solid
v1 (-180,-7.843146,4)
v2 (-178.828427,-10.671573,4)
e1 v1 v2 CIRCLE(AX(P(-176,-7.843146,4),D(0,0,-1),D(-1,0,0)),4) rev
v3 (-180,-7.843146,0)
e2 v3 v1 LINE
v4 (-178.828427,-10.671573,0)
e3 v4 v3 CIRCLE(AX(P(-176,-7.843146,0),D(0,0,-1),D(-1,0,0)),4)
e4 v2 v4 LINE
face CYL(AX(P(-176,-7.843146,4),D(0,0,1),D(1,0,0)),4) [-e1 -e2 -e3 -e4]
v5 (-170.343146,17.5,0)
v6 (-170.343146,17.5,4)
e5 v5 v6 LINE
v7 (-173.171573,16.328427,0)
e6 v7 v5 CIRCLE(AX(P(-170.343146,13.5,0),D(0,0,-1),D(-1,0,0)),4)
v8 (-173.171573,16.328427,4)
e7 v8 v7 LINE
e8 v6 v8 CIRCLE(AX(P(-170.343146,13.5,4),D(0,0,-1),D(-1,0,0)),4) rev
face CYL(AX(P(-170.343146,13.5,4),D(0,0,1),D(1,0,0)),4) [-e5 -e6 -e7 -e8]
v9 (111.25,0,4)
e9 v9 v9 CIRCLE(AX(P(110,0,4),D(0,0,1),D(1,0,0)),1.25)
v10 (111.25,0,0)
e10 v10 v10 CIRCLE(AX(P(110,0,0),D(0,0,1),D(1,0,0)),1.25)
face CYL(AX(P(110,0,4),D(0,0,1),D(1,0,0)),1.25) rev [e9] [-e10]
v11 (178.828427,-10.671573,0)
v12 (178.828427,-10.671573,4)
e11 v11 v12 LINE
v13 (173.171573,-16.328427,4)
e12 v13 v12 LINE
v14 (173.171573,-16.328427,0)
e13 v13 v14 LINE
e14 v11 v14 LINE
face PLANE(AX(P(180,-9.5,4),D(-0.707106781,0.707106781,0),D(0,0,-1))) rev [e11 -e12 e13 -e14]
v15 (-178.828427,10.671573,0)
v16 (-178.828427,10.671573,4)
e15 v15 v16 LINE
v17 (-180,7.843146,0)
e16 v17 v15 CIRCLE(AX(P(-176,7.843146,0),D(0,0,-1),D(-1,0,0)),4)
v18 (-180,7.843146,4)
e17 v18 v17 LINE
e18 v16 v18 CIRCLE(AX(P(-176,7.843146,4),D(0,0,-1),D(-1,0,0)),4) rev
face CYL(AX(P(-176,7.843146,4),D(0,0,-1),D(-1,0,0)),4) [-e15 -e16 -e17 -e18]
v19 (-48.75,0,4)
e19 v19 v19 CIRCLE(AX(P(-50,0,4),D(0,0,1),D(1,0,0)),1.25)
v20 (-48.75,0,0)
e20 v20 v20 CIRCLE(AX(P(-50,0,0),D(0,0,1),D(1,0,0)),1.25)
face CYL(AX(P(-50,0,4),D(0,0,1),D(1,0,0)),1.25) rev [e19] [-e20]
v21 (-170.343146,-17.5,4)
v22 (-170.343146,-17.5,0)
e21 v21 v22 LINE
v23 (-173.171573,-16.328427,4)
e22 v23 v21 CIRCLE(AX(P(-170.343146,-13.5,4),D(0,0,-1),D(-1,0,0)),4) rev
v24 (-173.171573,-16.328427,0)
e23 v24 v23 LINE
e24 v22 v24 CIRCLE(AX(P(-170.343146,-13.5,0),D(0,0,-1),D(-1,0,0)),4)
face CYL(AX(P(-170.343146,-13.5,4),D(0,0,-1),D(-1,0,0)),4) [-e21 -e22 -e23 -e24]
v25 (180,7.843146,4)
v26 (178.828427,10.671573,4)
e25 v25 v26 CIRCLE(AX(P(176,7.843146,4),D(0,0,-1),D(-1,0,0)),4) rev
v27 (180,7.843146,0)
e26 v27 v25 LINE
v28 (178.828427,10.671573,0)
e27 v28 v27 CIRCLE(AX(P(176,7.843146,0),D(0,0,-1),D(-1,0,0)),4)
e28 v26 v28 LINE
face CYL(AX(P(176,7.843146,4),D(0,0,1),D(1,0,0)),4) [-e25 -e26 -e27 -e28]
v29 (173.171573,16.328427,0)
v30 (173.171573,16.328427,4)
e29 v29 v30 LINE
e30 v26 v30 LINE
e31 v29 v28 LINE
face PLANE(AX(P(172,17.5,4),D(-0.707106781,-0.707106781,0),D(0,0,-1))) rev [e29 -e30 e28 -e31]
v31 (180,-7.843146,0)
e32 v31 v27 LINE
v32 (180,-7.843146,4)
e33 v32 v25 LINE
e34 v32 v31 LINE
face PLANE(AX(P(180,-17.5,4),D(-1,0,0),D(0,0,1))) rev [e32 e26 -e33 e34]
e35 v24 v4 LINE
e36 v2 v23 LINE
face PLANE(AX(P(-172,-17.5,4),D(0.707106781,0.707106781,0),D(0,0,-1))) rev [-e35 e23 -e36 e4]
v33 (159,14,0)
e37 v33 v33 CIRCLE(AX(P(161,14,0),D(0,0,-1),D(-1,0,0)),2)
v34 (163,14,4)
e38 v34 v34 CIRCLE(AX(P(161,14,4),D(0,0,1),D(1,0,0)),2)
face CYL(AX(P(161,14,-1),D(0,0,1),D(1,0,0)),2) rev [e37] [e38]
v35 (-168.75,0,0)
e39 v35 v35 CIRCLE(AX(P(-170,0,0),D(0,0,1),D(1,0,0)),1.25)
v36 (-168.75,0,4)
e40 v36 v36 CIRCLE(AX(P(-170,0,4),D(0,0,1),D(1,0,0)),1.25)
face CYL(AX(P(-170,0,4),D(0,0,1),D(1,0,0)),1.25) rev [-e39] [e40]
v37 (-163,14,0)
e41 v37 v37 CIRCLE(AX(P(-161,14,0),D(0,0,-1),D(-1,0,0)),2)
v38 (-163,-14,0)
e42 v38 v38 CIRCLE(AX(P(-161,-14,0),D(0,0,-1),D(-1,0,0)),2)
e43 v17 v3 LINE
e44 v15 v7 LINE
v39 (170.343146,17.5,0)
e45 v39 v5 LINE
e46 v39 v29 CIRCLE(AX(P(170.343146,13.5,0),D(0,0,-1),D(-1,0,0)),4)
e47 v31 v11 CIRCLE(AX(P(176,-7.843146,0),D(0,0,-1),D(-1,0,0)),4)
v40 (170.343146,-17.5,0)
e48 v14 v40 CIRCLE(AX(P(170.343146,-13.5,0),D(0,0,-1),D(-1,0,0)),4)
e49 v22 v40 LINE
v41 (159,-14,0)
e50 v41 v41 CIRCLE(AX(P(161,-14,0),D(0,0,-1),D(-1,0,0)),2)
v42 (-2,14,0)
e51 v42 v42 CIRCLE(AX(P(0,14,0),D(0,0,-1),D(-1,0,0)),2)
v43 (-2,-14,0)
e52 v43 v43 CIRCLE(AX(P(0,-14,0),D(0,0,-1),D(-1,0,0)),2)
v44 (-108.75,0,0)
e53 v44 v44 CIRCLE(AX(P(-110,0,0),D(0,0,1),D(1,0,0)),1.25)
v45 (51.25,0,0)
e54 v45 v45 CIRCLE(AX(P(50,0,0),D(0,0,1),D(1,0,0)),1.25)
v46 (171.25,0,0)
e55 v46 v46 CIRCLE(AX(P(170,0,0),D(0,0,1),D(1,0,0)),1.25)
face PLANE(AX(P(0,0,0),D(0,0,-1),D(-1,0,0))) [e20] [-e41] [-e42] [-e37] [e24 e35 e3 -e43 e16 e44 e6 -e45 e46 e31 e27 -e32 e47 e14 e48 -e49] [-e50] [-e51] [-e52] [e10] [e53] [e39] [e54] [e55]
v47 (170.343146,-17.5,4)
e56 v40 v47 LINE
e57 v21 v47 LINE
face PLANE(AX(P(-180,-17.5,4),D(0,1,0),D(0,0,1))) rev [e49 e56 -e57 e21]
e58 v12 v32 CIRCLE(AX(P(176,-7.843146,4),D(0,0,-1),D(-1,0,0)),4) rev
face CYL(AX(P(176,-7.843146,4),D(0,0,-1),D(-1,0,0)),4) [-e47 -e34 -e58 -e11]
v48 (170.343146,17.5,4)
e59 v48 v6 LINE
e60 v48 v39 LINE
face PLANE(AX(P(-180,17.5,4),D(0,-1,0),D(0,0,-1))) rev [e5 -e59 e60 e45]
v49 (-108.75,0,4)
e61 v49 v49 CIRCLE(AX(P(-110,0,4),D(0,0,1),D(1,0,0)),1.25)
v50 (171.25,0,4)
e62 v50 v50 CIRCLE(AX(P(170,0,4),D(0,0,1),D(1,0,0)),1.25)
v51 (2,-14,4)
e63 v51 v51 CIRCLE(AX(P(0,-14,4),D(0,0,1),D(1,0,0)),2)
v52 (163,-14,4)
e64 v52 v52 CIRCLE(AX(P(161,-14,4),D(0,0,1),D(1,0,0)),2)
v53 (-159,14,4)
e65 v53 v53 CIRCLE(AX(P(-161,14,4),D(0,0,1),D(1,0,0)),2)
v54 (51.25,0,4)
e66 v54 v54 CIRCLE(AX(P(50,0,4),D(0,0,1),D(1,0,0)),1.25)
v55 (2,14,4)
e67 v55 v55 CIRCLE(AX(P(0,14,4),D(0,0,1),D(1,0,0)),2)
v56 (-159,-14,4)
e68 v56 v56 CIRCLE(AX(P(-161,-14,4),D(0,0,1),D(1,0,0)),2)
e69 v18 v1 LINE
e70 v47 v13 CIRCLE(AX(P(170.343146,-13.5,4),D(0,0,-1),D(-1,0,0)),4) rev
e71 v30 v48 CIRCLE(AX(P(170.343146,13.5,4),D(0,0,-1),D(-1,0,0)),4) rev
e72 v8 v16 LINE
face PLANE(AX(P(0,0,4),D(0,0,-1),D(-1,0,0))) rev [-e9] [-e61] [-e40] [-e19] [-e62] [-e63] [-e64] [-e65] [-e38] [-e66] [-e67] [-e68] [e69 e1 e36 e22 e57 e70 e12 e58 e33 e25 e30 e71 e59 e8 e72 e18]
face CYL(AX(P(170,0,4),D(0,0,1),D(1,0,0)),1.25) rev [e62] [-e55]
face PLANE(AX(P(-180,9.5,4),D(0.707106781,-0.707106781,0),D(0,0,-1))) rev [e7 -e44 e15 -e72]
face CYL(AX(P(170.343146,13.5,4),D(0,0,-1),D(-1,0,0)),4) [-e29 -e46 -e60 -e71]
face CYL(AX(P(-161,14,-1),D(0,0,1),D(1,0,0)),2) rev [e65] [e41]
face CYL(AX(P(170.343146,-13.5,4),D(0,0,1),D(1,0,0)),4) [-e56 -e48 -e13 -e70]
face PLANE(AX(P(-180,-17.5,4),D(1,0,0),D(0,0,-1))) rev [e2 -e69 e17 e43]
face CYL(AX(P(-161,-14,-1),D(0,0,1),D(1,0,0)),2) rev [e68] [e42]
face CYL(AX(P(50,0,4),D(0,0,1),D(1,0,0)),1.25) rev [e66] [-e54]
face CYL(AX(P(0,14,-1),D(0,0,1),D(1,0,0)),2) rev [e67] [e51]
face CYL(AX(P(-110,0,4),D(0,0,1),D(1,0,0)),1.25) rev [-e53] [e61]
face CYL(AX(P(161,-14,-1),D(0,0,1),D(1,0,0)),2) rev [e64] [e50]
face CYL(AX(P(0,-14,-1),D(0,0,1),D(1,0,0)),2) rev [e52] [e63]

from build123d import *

# Parameters (mm, degrees)
CROQUIS1_W              = 360
CROQUIS1_H              = 35
SALIENTE_EXTRUIR1_DEPTH = 4
CROQUIS2_R              = 2
CORTAR_EXTRUIR1_DEPTH   = 5
TALADRO_ROSCADO_M31_D   = 2.5
CHAFL_N1_SIZE           = 8
REDONDEO2_R             = 4


with BuildPart() as part:
    # Croquis1 → Saliente-Extruir1 (new body)
    with BuildSketch(Plane.XY):
        Rectangle(CROQUIS1_W, CROQUIS1_H)
    extrude(amount=SALIENTE_EXTRUIR1_DEPTH)

    # Croquis2 → Cortar-Extruir1 (cut)
    with BuildSketch(Plane.XY.offset(4)):
        with Locations((0, 14)):
            Circle(CROQUIS2_R)
        with Locations((0, -14)):
            Circle(CROQUIS2_R)
        with Locations((161, 14)):
            Circle(CROQUIS2_R)
        with Locations((161, -14)):
            Circle(CROQUIS2_R)
        with Locations((-161, 14)):
            Circle(CROQUIS2_R)
        with Locations((-161, -14)):
            Circle(CROQUIS2_R)
    extrude(amount=-CORTAR_EXTRUIR1_DEPTH, mode=Mode.SUBTRACT)

    # Taladro roscado M31 (through all)
    with Locations(Plane.XY.offset(4)):
        with Locations((-170, 0), (-110, 0), (-50, 0), (50, 0), (110, 0), (170, 0)):
            Hole(TALADRO_ROSCADO_M31_D / 2)

    # Chaflán1
    chafl_n1_edges = [part.edges().sort_by_distance(p)[0] for p in [
        (180, -17.5, 2),
        (-180, -17.5, 2),
        (-180, 17.5, 2),
        (180, 17.5, 2),
    ]]
    chamfer(chafl_n1_edges, length=CHAFL_N1_SIZE)

    # Redondeo2
    redondeo2_edges = [part.edges().sort_by_distance(p)[0] for p in [
        (180, 9.5, 2),
        (180, -9.5, 2),
        (-172, -17.5, 2),
        (172, -17.5, 2),
        (-172, 17.5, 2),
        (172, 17.5, 2),
        (-180, 9.5, 2),
        (-180, -9.5, 2),
    ]]
    fillet(redondeo2_edges, radius=REDONDEO2_R)


solid = part.part
